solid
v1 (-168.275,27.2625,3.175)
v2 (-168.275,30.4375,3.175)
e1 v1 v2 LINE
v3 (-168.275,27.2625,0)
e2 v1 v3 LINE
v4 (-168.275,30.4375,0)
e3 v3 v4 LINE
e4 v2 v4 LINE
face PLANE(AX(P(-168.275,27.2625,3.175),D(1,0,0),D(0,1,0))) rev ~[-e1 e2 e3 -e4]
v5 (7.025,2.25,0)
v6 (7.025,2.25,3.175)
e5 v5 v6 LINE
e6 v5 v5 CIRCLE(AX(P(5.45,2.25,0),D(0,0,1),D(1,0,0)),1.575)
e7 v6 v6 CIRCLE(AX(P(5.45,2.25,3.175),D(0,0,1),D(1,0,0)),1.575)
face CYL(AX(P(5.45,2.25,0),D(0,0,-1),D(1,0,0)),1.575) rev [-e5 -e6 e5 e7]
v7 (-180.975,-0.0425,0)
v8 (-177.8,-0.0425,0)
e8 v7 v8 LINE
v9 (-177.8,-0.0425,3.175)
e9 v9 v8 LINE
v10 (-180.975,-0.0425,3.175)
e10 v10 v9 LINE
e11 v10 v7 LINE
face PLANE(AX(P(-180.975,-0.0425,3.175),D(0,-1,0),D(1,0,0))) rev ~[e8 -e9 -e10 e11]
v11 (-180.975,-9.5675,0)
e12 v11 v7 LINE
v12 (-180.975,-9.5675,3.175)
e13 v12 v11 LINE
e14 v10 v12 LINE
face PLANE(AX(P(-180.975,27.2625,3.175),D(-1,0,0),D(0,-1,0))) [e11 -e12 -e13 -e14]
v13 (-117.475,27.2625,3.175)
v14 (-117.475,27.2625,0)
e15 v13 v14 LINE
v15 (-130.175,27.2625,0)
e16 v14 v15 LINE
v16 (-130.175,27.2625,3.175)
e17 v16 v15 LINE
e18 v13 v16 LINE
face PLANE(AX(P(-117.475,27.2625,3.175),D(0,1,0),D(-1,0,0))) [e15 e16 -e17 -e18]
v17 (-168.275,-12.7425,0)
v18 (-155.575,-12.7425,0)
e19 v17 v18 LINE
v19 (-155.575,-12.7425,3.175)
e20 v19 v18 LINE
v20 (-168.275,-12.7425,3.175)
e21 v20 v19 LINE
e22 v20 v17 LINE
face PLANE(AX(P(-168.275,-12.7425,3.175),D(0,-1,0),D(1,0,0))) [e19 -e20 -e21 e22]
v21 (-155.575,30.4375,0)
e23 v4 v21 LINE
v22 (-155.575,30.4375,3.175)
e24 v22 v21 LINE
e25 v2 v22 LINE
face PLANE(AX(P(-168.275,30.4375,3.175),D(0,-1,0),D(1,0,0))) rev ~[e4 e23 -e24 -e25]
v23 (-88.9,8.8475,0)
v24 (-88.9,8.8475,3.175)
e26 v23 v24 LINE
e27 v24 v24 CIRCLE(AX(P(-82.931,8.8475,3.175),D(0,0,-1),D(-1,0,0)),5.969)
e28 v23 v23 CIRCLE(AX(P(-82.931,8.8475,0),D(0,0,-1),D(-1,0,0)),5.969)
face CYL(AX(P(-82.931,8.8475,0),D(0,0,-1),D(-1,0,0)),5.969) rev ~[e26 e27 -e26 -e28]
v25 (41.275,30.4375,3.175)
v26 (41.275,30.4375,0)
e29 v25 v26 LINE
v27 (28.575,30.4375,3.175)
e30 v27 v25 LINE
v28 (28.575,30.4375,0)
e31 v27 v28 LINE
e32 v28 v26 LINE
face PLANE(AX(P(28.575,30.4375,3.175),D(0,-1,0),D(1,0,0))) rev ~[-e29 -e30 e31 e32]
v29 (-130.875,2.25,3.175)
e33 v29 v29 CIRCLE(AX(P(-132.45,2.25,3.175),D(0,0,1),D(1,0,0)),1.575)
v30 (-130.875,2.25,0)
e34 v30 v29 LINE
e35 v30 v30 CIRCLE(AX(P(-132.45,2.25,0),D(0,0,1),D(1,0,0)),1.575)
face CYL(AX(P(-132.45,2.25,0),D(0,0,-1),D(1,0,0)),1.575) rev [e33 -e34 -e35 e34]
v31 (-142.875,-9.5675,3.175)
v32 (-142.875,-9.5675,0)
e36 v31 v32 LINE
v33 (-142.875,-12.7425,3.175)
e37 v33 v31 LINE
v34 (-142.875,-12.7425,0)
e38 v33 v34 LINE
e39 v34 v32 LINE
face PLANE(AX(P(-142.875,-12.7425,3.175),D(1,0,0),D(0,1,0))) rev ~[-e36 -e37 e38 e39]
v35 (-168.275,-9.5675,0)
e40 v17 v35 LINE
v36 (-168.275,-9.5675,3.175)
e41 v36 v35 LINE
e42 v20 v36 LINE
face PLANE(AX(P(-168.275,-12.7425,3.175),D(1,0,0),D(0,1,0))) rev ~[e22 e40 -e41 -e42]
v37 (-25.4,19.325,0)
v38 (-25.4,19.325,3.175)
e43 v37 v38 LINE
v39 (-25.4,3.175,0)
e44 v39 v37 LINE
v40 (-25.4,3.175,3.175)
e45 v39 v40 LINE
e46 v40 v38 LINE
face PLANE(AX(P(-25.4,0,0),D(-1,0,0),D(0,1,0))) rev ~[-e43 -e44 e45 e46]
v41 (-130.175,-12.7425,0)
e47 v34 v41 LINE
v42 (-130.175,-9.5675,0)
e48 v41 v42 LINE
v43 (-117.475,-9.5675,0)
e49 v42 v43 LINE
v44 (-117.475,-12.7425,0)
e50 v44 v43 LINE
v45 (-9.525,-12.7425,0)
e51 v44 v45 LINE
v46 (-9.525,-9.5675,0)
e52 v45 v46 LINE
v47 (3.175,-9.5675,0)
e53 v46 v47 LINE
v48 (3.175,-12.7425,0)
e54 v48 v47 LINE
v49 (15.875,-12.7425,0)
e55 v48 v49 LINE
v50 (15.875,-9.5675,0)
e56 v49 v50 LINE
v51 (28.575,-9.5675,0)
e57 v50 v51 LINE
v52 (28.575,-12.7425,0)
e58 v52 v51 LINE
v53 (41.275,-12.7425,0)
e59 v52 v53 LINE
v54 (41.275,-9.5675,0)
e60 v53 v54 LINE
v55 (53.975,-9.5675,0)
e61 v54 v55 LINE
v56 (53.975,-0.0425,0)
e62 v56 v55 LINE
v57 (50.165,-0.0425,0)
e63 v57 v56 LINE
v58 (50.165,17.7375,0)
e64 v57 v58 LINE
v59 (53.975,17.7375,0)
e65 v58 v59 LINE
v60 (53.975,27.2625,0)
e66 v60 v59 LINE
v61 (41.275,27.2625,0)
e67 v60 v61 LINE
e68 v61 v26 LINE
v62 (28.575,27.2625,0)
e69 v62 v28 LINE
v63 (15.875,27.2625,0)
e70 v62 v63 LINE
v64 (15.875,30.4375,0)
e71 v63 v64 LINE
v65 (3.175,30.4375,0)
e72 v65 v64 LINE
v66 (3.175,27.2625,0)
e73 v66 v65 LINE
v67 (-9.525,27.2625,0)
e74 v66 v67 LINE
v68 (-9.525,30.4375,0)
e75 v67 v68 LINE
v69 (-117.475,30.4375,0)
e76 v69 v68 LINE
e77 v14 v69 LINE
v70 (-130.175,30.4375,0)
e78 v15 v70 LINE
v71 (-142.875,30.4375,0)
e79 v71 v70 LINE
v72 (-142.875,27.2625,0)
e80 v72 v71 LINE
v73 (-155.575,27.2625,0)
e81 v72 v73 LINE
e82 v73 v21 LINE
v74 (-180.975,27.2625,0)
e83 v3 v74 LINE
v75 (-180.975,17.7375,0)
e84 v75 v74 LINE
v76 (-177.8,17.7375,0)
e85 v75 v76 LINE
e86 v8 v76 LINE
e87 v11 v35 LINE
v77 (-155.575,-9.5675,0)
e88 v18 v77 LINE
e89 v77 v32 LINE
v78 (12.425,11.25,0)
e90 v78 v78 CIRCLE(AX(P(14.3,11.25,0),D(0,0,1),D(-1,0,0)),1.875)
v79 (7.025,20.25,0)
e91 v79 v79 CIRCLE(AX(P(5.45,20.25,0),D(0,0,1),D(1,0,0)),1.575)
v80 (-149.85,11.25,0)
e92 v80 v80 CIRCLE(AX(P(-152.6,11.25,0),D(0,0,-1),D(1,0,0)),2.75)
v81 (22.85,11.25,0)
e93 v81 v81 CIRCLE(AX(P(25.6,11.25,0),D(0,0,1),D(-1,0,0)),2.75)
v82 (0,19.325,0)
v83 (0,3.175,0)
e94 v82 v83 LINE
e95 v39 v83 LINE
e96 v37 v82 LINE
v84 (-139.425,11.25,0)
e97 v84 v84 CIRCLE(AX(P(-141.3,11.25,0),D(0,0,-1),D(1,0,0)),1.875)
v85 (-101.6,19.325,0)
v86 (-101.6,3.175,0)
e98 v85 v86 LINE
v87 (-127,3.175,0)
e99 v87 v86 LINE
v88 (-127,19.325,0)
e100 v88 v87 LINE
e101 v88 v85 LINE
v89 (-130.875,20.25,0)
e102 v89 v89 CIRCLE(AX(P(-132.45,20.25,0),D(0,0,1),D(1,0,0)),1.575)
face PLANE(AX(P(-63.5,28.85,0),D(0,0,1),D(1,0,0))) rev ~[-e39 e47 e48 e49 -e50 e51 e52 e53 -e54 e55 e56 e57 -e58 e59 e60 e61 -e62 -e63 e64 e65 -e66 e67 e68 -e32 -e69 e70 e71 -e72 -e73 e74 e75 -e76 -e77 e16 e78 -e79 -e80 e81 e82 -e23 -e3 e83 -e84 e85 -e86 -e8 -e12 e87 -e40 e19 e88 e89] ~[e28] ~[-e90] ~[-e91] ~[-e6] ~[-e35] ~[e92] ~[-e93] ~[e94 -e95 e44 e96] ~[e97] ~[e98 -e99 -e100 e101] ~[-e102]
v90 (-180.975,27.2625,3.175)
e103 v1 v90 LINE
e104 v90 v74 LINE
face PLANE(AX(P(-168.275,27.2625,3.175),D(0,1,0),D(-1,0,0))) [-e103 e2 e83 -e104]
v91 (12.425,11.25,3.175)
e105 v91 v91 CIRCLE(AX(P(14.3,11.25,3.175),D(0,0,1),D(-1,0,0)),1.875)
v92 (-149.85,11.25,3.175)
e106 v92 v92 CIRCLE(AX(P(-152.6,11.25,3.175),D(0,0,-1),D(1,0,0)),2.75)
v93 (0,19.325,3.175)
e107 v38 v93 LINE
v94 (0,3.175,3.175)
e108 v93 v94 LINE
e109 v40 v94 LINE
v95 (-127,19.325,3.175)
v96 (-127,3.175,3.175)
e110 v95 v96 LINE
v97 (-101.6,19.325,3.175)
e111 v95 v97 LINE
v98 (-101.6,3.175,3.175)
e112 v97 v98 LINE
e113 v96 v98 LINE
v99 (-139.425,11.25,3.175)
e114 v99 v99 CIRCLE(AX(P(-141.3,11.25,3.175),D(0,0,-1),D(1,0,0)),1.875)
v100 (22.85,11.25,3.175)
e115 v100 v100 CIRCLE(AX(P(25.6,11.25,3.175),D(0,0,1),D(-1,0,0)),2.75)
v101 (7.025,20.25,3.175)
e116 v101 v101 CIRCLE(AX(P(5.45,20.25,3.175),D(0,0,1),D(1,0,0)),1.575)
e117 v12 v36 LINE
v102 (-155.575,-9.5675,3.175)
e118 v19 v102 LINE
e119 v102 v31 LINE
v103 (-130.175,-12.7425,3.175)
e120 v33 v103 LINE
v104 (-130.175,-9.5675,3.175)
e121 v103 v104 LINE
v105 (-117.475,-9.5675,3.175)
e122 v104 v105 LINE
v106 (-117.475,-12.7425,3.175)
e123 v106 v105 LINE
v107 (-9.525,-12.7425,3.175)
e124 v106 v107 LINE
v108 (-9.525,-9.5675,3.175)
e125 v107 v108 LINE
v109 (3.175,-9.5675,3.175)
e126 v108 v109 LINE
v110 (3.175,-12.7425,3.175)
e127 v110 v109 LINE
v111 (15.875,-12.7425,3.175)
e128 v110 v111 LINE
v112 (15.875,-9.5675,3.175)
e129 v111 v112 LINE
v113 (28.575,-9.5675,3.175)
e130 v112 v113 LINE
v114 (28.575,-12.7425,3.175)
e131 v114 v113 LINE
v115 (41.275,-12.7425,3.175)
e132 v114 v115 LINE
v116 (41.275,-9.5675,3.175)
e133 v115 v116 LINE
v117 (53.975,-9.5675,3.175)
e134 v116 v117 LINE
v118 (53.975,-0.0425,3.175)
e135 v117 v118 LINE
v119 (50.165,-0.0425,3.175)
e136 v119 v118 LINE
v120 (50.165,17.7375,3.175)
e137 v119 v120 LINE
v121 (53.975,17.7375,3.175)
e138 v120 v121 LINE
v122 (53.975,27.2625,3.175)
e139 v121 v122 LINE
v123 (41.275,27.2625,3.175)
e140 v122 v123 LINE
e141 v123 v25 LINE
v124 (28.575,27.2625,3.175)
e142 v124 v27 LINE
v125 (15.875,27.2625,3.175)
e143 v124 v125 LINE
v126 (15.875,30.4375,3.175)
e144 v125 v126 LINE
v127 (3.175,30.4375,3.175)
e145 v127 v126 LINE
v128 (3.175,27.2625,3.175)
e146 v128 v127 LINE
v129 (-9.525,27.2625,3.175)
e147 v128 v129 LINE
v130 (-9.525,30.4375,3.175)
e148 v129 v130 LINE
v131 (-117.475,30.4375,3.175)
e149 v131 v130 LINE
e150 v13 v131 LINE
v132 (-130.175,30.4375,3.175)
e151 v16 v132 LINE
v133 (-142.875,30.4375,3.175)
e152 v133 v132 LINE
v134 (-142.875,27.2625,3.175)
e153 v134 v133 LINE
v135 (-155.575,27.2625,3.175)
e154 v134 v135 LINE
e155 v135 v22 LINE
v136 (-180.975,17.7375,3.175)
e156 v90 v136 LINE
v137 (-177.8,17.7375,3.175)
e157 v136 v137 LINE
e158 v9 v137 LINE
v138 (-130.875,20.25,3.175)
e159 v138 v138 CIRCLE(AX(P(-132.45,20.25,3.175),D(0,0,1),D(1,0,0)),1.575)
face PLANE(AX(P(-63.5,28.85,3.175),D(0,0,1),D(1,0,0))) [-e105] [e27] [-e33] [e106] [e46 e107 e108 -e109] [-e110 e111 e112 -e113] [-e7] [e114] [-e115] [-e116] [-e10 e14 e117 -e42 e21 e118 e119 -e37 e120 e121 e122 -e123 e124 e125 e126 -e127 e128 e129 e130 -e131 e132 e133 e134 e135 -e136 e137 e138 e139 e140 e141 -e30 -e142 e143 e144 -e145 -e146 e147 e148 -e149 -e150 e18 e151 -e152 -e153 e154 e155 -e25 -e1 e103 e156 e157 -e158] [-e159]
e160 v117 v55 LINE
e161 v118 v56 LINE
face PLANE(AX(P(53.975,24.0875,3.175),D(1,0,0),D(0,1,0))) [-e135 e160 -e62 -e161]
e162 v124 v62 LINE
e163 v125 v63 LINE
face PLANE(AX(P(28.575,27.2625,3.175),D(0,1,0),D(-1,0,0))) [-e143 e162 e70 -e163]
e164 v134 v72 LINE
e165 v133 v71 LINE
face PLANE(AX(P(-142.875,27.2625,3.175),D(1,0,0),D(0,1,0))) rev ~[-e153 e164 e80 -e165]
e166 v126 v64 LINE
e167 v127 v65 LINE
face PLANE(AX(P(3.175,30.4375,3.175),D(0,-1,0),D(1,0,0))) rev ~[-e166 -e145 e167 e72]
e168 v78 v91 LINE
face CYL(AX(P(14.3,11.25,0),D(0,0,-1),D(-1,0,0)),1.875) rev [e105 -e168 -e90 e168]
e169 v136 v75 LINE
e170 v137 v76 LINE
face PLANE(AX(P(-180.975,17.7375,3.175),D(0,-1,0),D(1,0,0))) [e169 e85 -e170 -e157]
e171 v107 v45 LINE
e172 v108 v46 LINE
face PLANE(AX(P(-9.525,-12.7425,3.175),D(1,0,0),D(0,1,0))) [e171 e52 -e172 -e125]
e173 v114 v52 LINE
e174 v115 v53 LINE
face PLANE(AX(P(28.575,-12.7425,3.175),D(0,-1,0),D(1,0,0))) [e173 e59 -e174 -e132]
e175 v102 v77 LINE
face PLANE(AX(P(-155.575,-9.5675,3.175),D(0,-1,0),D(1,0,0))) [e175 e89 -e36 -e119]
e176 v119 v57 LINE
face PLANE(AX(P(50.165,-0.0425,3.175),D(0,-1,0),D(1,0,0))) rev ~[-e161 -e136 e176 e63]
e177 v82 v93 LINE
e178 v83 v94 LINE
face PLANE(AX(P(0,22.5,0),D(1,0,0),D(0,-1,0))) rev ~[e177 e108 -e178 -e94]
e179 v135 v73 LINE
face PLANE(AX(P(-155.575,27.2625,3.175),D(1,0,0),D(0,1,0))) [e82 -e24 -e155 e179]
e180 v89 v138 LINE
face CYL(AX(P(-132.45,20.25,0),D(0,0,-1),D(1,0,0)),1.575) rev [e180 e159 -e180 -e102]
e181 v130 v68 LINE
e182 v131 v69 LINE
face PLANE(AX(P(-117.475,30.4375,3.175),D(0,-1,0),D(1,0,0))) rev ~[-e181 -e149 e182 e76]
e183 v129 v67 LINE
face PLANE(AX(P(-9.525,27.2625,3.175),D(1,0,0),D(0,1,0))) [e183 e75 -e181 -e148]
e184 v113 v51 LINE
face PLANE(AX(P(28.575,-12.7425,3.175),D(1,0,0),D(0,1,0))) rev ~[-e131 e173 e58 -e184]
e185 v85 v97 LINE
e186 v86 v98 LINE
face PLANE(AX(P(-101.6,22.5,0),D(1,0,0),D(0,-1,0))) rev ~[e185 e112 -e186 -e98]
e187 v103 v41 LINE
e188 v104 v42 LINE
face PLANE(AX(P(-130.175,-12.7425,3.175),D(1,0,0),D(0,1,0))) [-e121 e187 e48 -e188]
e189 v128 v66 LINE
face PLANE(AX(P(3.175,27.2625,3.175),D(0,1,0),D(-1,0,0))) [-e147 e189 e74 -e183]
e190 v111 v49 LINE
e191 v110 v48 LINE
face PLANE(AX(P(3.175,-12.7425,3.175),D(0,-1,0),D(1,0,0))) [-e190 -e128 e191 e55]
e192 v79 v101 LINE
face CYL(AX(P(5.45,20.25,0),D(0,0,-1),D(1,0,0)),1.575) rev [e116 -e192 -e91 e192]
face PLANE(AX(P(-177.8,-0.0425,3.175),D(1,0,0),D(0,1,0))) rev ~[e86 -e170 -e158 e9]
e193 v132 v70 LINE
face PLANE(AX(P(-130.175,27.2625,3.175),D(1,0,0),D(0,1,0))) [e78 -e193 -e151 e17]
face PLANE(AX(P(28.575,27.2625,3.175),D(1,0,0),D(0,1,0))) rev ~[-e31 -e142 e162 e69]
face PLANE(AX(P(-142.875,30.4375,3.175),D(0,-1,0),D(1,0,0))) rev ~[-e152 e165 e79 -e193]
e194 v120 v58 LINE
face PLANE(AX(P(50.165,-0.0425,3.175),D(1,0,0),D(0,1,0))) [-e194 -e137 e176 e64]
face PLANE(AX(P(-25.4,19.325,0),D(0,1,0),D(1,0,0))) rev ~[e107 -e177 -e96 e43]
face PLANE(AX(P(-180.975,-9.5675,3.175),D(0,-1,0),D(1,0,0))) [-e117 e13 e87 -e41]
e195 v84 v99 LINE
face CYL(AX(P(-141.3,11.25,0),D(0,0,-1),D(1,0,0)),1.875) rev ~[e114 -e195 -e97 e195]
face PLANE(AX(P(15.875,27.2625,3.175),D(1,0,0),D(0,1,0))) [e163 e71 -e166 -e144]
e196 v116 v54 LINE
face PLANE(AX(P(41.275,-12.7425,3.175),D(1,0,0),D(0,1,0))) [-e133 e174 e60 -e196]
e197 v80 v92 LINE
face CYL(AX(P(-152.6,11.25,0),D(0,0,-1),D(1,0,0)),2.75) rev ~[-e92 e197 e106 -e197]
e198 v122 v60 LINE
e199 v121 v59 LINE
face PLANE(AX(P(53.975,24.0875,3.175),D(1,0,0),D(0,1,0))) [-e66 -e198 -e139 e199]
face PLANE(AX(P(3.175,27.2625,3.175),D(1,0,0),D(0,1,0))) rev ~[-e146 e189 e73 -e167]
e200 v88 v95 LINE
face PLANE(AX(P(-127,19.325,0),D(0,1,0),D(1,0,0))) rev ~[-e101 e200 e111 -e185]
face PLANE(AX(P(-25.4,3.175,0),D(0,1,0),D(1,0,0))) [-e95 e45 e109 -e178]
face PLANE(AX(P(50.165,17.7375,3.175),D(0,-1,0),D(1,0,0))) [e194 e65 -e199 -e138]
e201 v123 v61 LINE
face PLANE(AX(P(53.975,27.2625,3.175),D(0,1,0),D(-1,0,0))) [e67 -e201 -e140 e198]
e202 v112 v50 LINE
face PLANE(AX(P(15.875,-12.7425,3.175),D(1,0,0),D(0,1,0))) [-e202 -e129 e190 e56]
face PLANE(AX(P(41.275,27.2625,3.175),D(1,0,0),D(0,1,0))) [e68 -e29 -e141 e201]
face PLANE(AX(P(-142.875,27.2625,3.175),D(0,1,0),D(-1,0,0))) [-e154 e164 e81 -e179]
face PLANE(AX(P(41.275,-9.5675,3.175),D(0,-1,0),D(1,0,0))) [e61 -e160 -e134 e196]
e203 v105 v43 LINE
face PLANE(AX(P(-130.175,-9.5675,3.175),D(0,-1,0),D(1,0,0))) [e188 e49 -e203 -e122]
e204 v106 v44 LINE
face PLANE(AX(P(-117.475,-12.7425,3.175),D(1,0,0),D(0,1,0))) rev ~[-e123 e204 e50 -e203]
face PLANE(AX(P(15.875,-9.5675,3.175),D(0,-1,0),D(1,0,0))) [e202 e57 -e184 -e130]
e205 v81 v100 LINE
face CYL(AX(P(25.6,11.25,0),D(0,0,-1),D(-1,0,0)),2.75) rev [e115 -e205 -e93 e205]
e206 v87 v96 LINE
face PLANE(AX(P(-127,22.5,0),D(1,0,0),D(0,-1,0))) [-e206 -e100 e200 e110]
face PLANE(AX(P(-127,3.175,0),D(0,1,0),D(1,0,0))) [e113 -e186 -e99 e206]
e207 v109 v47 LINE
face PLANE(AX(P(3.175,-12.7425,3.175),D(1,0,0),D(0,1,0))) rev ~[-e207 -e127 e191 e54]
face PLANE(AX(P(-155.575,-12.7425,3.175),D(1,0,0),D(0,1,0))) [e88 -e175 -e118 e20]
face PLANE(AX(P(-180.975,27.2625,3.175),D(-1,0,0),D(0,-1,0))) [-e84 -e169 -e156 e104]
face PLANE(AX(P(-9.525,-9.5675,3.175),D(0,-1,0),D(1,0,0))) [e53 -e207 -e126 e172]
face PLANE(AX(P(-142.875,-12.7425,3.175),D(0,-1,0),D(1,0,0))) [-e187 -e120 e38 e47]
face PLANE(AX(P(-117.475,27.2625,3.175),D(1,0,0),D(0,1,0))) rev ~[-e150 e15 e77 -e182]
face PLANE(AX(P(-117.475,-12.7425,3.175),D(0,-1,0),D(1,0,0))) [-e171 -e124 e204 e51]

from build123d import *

# Parameters (mm, degrees)
SKETCH3_W           = 234.95
SKETCH3_H           = 30.48
SKETCH3_R           = 1.574999898
SKETCH3_W_2         = 25.4
SKETCH3_H_2         = 3.175
BOSS_EXTRUDE1_DEPTH = 3.175
SKETCH4_W           = 107.95
SKETCH4_H           = 3.175
SKETCH4_W_2         = 12.7
BOSS_EXTRUDE2_DEPTH = 3.175
SKETCH5_W           = 3.175
SKETCH5_H           = 17.78
SKETCH5_W_2         = 3.81
CUT_EXTRUDE1_DEPTH  = 7.62
SKETCH6_R           = 5.969
CUT_EXTRUDE2_DEPTH  = 5.08


with BuildPart() as part:
    # Sketch3 → Boss-Extrude1 (new body)
    # profile 1 of 7: a face of its own
    with BuildSketch(Plane.XY):
        with Locations((-63.5, 8.8475)):
            Rectangle(SKETCH3_W, SKETCH3_H)
        with BuildLine():
            ThreePointArc((-163.6, 17.5), (-162.135533906, 21.035533906), (-158.6, 22.5))
            Line((-158.6, 22.5), (-127, 22.5))
            Line((-127, 22.5), (-101.6, 22.5))
            Line((-101.6, 22.5), (-101.6, 19.325))
            Line((-101.6, 19.325), (-101.6, 3.175))
            Line((-101.6, 3.175), (-101.6, 0))
            Line((-101.6, 0), (-127, 0))
            Line((-127, 0), (-158.6, 0))
            ThreePointArc((-158.6, 0), (-162.135533906, 1.464466094), (-163.6, 5))
            Line((-163.6, 5), (-163.6, 17.5))
        make_face(mode=Mode.SUBTRACT)
        with BuildLine():
            Line((-25.4, 22.5), (0, 22.5))
            Line((0, 22.5), (31.6, 22.5))
            ThreePointArc((31.6, 22.5), (35.135533906, 21.035533906), (36.6, 17.5))
            Line((36.6, 17.5), (36.6, 5))
            ThreePointArc((36.6, 5), (35.135533906, 1.464466094), (31.6, 0))
            Line((31.6, 0), (0, 0))
            Line((0, 0), (-25.4, 0))
            Line((-25.4, 0), (-25.4, 3.175))
            Line((-25.4, 3.175), (-25.4, 19.325))
            Line((-25.4, 19.325), (-25.4, 22.5))
        make_face(mode=Mode.SUBTRACT)
    # profile 2 of 7: a face of its own
    with BuildSketch(Plane.XY):
        with BuildLine():
            ThreePointArc((-158.6, 0), (-162.135533906, 1.464466094), (-163.6, 5))
            Line((-163.6, 5), (-163.6, 17.5))
            ThreePointArc((-163.6, 17.5), (-162.135533906, 21.035533906), (-158.6, 22.5))
            Line((-158.6, 22.5), (-127, 22.5))
            Line((-127, 22.5), (-127, 0))
            Line((-127, 0), (-158.6, 0))
        make_face()
        with Locations((-132.45, 20.25)):
            Circle(SKETCH3_R, mode=Mode.SUBTRACT)
        with Locations((-132.45, 2.250000072)):
            Circle(SKETCH3_R, mode=Mode.SUBTRACT)
        with BuildLine():
            ThreePointArc((-143.175, 11.25), (-141.3, 13.125), (-139.425, 11.25))
            ThreePointArc((-139.425, 11.25), (-141.3, 9.375), (-143.175, 11.25))
        make_face(mode=Mode.SUBTRACT)
        with BuildLine():
            ThreePointArc((-155.35, 11.25), (-152.6, 14), (-149.85, 11.25))
            ThreePointArc((-149.85, 11.25), (-152.6, 8.5), (-155.35, 11.25))
        make_face(mode=Mode.SUBTRACT)
    # profile 3 of 7: a face of its own
    with BuildSketch(Plane.XY):
        with BuildLine():
            Line((36.6, 5), (36.6, 17.5))
            ThreePointArc((36.6, 17.5), (35.135533906, 21.035533906), (31.6, 22.5))
            Line((31.6, 22.5), (0, 22.5))
            Line((0, 22.5), (0, 0))
            Line((0, 0), (31.6, 0))
            ThreePointArc((31.6, 0), (35.135533906, 1.464466094), (36.6, 5))
        make_face()
        with Locations((5.45, 2.250000072)):
            Circle(SKETCH3_R, mode=Mode.SUBTRACT)
        with Locations((5.45, 20.25)):
            Circle(SKETCH3_R, mode=Mode.SUBTRACT)
        with BuildLine():
            ThreePointArc((16.175, 11.25), (14.3, 13.125), (12.425, 11.25))
            ThreePointArc((12.425, 11.25), (14.3, 9.375), (16.175, 11.25))
        make_face(mode=Mode.SUBTRACT)
        with BuildLine():
            ThreePointArc((28.35, 11.25), (25.6, 14), (22.85, 11.25))
            ThreePointArc((22.85, 11.25), (25.6, 8.5), (28.35, 11.25))
        make_face(mode=Mode.SUBTRACT)
    # profile 4 of 7: a face of its own
    with BuildSketch(Plane.XY):
        with Locations((-12.7, 1.5875)):
            Rectangle(SKETCH3_W_2, SKETCH3_H_2)
    # profile 5 of 7: a face of its own
    with BuildSketch(Plane.XY):
        with Locations((-12.7, 20.9125)):
            Rectangle(SKETCH3_W_2, SKETCH3_H_2)
    # profile 6 of 7: a face of its own
    with BuildSketch(Plane.XY):
        with Locations((-114.3, 20.9125)):
            Rectangle(SKETCH3_W_2, SKETCH3_H_2)
    # profile 7 of 7: a face of its own
    with BuildSketch(Plane.XY):
        with Locations((-114.3, 1.5875)):
            Rectangle(SKETCH3_W_2, SKETCH3_H_2)
    extrude(amount=BOSS_EXTRUDE1_DEPTH)

    # Sketch4 → Boss-Extrude2 (add)
    with BuildSketch(Plane.XY.offset(3.175)):
        with Locations((-63.5, 28.85)):
            Rectangle(SKETCH4_W, SKETCH4_H)
        with Locations((-136.525, 28.85)):
            Rectangle(SKETCH4_W_2, SKETCH4_H)
        with Locations((-161.925, 28.85)):
            Rectangle(SKETCH4_W_2, SKETCH4_H)
        Polygon((-142.875, 27.2625), (-155.575, 27.2625), (-168.275, 27.2625), (-180.975, 27.2625), (-180.975, 24.0875), (53.975, 24.0875), (53.975, 27.2625), (41.275, 27.2625), (28.575, 27.2625), (15.875, 27.2625), (3.175, 27.2625), (-9.525, 27.2625), (-117.475, 27.2625), (-130.175, 27.2625), align=None)
        with Locations((9.525, 28.85)):
            Rectangle(SKETCH4_W_2, SKETCH4_H)
        with Locations((34.925, 28.85)):
            Rectangle(SKETCH4_W_2, SKETCH4_H)
        Polygon((53.975, -6.3925), (-180.975, -6.3925), (-180.975, -9.5675), (-168.275, -9.5675), (-155.575, -9.5675), (-142.875, -9.5675), (-130.175, -9.5675), (-117.475, -9.5675), (-9.525, -9.5675), (3.175, -9.5675), (15.875, -9.5675), (28.575, -9.5675), (41.275, -9.5675), (53.975, -9.5675), align=None)
        with Locations((34.925, -11.155)):
            Rectangle(SKETCH4_W_2, SKETCH4_H)
        with Locations((9.525, -11.155)):
            Rectangle(SKETCH4_W_2, SKETCH4_H)
        with Locations((-63.5, -11.155)):
            Rectangle(SKETCH4_W, SKETCH4_H)
        with Locations((-136.525, -11.155)):
            Rectangle(SKETCH4_W_2, SKETCH4_H)
        with Locations((-161.925, -11.155)):
            Rectangle(SKETCH4_W_2, SKETCH4_H)
    extrude(amount=-BOSS_EXTRUDE2_DEPTH)

    # Sketch5 → Cut-Extrude1 (cut)
    with BuildSketch(Plane.XY.offset(3.175)):
        with Locations((-179.3875, 8.8475)):
            Rectangle(SKETCH5_W, SKETCH5_H)
        with Locations((52.07, 8.8475)):
            Rectangle(SKETCH5_W_2, SKETCH5_H)
    extrude(amount=-CUT_EXTRUDE1_DEPTH, mode=Mode.SUBTRACT)

    # Sketch6 → Cut-Extrude2 (cut)
    with BuildSketch(Plane(origin=(0, 0, 0), x_dir=(-1, 0, 0), z_dir=(0, 0, -1))):
        with Locations((82.931, 8.8475)):
            Circle(SKETCH6_R)
    extrude(amount=-CUT_EXTRUDE2_DEPTH, mode=Mode.SUBTRACT)


solid = part.part
